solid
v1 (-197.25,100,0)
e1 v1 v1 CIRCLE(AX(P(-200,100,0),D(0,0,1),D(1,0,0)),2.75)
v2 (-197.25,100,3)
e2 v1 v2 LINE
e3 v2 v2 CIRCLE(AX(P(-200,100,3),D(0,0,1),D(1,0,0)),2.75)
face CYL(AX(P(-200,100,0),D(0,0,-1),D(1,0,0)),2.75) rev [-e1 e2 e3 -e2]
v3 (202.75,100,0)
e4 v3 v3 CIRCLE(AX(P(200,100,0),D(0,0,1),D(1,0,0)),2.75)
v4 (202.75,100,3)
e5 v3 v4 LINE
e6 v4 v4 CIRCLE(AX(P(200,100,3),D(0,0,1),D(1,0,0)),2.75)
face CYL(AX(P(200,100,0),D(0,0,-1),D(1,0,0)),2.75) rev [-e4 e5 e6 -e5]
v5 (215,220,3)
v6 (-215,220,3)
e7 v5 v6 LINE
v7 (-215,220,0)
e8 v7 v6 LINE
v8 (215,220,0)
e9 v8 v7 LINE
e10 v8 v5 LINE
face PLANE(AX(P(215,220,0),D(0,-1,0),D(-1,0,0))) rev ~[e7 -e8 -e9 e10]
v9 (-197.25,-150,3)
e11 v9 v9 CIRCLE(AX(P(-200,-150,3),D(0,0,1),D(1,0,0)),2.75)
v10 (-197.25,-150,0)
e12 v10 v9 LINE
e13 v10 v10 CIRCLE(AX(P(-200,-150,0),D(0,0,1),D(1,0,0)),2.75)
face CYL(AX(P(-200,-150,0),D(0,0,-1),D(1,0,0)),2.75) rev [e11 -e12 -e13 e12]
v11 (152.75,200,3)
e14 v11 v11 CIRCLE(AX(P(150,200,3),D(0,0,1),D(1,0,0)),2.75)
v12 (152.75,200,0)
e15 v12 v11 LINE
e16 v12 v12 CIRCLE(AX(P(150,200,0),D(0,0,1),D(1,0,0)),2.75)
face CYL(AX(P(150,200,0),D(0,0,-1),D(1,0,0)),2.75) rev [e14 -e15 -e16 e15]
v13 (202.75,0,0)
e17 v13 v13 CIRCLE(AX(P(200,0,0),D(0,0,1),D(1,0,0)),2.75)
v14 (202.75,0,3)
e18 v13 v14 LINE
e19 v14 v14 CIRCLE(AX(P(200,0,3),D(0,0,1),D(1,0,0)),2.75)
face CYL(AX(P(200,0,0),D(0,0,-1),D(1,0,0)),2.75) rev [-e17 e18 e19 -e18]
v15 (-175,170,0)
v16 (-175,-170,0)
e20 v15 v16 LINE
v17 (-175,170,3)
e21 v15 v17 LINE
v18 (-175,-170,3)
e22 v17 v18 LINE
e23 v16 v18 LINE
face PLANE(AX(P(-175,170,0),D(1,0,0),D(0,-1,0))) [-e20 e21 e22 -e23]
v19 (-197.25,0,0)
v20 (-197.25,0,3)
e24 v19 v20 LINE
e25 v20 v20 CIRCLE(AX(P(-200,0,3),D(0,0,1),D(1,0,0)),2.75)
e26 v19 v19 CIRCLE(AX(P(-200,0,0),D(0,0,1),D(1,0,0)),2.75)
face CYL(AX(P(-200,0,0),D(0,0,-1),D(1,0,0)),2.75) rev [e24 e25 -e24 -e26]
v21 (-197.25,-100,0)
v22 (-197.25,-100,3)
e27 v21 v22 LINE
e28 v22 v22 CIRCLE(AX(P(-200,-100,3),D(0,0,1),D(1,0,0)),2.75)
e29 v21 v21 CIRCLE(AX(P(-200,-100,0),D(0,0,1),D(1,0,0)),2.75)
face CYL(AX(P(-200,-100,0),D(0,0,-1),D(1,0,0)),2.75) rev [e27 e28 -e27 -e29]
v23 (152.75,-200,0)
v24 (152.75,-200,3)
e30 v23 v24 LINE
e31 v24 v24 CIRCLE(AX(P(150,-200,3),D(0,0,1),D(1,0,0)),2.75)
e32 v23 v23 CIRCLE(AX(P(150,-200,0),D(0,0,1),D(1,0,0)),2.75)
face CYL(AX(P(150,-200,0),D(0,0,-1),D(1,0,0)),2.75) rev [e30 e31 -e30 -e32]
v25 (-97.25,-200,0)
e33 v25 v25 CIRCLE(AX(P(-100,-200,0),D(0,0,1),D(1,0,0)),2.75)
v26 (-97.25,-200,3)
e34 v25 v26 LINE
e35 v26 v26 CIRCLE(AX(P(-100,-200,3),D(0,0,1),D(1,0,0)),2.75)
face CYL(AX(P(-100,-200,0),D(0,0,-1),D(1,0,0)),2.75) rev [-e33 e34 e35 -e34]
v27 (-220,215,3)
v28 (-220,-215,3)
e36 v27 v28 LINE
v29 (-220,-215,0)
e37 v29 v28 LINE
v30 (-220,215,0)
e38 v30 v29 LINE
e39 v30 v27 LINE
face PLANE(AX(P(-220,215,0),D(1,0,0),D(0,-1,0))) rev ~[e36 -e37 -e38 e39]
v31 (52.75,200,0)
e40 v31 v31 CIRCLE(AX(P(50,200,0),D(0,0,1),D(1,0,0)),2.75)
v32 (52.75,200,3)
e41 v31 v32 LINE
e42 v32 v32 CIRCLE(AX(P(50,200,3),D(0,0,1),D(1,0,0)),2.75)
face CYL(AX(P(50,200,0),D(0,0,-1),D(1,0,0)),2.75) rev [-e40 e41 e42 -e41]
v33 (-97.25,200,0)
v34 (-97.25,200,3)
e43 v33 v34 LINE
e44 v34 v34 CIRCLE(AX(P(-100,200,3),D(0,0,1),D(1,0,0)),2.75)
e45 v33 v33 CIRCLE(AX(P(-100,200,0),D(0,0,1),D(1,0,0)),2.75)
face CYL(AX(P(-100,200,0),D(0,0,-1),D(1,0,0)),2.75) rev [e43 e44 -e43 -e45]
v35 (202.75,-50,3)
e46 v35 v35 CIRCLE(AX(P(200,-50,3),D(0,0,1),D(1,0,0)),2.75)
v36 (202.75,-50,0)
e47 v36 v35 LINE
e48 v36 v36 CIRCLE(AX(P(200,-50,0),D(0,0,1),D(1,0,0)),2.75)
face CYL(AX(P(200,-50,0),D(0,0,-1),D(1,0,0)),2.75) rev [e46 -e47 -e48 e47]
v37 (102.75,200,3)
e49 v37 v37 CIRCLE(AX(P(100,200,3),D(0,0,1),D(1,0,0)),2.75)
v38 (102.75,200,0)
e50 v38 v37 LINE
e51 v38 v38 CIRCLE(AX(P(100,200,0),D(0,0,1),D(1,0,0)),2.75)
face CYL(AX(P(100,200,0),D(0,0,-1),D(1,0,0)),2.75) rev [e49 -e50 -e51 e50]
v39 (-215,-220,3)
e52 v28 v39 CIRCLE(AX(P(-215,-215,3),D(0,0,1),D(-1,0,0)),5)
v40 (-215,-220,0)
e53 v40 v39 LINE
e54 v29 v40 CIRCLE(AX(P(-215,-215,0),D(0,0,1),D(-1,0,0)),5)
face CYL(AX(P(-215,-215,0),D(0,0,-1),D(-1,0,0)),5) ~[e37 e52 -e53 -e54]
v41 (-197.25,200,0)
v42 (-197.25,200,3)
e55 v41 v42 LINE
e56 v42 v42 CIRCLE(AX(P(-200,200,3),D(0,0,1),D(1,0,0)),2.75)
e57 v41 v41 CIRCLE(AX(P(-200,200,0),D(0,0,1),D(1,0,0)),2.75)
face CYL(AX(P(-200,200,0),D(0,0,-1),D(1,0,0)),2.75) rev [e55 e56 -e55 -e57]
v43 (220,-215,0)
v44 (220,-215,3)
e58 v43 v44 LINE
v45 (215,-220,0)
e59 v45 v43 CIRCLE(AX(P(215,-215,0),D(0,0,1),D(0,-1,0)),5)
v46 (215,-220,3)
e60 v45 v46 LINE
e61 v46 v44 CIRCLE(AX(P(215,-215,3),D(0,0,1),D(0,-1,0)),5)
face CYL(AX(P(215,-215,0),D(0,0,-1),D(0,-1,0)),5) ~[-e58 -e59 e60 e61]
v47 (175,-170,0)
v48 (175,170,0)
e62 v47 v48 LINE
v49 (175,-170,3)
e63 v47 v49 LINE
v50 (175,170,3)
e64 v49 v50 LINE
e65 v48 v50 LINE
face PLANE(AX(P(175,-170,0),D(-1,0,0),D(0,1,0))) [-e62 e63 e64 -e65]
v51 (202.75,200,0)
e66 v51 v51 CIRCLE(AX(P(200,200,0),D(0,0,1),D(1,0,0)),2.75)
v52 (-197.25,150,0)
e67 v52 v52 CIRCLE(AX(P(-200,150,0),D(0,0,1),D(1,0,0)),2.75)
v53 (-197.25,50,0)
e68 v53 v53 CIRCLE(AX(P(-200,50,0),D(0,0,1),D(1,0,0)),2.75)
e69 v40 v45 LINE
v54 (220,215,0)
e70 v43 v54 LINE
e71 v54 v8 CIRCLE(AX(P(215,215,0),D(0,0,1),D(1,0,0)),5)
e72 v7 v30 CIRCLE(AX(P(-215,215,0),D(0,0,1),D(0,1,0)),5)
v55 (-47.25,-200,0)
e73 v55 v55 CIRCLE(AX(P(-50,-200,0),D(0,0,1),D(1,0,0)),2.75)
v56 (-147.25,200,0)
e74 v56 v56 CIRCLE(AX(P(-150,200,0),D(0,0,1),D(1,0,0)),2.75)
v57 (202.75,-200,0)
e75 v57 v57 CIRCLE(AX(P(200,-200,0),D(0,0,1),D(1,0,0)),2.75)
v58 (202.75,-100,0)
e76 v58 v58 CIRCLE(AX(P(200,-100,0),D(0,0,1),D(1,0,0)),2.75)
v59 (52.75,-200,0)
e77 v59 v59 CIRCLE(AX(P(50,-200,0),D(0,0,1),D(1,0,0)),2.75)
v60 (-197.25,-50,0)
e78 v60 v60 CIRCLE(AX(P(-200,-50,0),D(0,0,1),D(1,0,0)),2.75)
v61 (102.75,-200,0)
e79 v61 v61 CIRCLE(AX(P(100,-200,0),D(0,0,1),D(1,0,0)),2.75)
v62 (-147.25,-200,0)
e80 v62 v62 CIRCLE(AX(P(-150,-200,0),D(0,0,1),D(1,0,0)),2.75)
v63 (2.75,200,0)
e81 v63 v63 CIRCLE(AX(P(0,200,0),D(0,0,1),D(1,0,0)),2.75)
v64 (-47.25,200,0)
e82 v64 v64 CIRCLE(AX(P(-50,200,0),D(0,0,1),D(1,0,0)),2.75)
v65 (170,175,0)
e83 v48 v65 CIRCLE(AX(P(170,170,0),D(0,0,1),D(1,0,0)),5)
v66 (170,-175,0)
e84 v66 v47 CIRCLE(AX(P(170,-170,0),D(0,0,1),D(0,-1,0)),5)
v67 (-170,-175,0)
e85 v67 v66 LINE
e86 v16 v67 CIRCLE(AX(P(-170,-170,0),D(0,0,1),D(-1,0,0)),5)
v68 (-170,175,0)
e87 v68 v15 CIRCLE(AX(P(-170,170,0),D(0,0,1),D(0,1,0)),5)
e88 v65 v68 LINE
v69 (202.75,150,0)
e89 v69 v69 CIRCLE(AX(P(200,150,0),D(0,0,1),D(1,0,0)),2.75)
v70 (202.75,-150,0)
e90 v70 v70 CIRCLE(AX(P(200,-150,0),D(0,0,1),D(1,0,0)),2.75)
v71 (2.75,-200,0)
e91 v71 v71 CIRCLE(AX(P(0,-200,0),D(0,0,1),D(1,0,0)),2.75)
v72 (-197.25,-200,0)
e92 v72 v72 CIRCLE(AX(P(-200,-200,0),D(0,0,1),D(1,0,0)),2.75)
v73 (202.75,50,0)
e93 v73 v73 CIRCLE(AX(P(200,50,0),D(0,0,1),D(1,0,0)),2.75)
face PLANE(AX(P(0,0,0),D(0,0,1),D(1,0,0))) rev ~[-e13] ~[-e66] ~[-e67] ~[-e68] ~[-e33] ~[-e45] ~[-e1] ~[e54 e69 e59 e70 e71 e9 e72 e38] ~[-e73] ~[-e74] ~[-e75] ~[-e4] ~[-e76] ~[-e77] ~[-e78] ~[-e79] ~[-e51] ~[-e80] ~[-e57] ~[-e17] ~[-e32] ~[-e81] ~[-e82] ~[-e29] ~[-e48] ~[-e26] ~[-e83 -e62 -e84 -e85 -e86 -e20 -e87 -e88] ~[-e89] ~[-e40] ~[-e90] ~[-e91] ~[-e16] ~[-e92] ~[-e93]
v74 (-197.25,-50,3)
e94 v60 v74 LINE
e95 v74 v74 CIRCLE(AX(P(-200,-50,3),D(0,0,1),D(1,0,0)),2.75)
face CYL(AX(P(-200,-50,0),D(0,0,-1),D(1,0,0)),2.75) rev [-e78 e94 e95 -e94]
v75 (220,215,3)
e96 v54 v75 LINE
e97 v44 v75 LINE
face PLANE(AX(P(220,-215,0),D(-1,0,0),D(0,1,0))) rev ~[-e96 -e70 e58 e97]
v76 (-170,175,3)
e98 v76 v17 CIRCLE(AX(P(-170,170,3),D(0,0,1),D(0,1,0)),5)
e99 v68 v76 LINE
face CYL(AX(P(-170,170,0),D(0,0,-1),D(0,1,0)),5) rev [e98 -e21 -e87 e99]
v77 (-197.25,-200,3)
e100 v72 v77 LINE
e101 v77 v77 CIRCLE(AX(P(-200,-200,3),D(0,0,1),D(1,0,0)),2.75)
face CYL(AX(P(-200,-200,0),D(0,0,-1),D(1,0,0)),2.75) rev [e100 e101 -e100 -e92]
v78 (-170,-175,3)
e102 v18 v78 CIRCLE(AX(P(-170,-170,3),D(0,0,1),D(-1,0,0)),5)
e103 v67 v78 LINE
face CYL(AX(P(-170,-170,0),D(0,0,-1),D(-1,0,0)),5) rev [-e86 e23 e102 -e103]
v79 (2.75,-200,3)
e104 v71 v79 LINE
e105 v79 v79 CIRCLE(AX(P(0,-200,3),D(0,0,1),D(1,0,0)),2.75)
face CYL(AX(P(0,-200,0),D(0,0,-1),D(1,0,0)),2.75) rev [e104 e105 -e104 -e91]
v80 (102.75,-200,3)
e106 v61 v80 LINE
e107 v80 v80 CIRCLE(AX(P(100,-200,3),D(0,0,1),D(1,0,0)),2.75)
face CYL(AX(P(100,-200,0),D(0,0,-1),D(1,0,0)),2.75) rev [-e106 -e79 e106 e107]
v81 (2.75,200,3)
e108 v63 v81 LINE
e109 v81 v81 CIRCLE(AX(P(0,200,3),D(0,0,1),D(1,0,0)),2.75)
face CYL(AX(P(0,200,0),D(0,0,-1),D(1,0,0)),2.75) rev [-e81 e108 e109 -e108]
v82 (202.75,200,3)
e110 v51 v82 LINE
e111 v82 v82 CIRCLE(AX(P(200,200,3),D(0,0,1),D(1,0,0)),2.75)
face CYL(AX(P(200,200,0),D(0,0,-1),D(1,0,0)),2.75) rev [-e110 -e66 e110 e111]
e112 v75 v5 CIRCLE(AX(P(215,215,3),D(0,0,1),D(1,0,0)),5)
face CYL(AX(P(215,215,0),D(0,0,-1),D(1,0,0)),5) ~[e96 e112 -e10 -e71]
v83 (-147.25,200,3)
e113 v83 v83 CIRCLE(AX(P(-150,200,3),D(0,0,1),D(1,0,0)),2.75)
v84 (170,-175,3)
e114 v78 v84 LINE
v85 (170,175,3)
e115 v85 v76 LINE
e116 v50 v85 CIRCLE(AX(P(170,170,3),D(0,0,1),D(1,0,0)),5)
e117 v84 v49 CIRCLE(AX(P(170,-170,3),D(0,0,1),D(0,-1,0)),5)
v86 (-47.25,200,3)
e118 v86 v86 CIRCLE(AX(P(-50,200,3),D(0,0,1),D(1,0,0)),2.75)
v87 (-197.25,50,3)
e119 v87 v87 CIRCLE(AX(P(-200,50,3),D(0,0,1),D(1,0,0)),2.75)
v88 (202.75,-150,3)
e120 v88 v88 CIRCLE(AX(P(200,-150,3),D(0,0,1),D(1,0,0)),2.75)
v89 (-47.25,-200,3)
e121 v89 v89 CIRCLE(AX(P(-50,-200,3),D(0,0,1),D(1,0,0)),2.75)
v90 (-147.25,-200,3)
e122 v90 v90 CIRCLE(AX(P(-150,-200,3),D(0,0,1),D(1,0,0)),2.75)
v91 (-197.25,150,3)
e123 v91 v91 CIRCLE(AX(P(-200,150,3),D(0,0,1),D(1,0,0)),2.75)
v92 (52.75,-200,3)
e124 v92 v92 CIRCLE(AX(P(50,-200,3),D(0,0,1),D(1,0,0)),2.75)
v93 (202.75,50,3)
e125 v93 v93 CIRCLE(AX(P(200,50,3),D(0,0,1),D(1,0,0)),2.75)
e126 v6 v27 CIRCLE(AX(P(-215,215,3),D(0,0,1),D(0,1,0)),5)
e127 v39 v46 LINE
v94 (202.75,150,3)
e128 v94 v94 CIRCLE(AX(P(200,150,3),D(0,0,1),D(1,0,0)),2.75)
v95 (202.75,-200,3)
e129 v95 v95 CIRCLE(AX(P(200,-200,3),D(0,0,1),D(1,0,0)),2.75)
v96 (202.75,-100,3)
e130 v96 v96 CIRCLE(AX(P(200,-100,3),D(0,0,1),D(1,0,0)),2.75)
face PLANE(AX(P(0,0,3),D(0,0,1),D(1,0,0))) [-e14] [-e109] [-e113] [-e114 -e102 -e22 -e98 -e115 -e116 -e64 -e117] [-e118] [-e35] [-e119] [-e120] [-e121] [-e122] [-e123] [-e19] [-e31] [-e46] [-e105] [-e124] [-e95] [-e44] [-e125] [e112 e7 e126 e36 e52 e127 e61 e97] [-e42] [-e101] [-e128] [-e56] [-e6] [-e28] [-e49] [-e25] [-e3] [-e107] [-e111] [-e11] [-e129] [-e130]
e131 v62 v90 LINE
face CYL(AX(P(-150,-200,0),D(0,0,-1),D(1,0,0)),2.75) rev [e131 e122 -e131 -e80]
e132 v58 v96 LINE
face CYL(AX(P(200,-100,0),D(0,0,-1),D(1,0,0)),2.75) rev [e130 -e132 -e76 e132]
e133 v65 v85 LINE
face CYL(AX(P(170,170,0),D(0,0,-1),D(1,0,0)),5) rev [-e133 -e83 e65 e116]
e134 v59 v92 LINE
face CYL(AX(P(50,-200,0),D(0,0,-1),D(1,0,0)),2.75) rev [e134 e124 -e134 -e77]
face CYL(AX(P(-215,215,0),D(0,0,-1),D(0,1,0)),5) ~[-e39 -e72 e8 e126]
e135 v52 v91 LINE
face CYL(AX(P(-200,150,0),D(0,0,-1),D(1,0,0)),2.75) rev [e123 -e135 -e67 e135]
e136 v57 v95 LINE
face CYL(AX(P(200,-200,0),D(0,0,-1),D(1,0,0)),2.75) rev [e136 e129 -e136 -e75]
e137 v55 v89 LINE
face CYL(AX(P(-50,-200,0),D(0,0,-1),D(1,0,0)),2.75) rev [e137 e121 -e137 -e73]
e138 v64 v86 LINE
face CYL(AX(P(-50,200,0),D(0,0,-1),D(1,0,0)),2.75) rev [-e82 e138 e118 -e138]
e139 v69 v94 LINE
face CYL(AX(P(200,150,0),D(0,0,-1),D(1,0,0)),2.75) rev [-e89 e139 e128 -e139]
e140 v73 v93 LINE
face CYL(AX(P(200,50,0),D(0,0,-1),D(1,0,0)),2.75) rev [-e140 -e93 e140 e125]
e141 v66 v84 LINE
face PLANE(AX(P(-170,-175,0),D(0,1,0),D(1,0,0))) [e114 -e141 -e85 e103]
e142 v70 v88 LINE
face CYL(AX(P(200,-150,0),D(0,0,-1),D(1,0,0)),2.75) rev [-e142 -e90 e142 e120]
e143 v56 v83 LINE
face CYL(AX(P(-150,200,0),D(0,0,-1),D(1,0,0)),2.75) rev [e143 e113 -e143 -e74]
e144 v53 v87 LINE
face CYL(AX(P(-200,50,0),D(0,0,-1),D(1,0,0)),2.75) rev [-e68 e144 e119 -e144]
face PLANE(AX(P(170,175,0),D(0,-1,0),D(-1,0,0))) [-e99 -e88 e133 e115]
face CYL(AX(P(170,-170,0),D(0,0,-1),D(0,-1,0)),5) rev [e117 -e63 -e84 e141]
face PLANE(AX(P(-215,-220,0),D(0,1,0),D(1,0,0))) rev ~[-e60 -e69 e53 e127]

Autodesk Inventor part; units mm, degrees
ref_plane "YZ Plane" through (0, 0, 0) normal (1, 0, 0) x (0, 1, 0)
ref_plane "XZ Plane" through (0, 0, 0) normal (0, 1, 0) x (-1, 0, 0)
ref_plane "XY Plane" through (0, 0, 0) normal (0, 0, 1) x (1, 0, 0)
sketch "Sketch1" plane through (0, 0, 0) normal (0, 0, 1) x (1, 0, 0)
  line L0 (-215, -220) -> (215, -220)
  line L1 (220, -215) -> (220, 215)
  line L2 (215, 220) -> (-215, 220)
  line L3 (-220, 215) -> (-220, -215)
  line L4 (-220, -220) -> (220, 220) construction
  line L5 (220, -220) -> (-220, 220) construction
  line L6 (-170, -175) -> (170, -175)
  line L7 (175, -170) -> (175, 170)
  line L8 (170, 175) -> (-170, 175)
  line L9 (-175, 170) -> (-175, -170)
  line L10 (-175, -175) -> (175, 175) construction
  line L11 (175, -175) -> (-175, 175) construction
  arc A0 (-173, 175) -> (-175, 173) centre (-173, 173) ccw
  arc A1 (-170, 175) -> (-175, 170) centre (-170, 170) ccw
  arc A2 (175, 170) -> (170, 175) centre (170, 170) ccw
  arc A3 (170, -175) -> (175, -170) centre (170, -170) ccw
  arc A4 (-175, -170) -> (-170, -175) centre (-170, -170) ccw
  arc A5 (-220, -215) -> (-215, -220) centre (-215, -215) ccw
  arc A6 (215, -220) -> (220, -215) centre (215, -215) ccw
  arc A7 (220, 215) -> (215, 220) centre (215, 215) ccw
  arc A8 (-215, 220) -> (-220, 215) centre (-215, 215) ccw
  line L12 (-200, -200) -> (-200, 200) construction
  line L13 (-200, 200) -> (200, 200) construction
  line L14 (200, 200) -> (200, -200) construction
  line L15 (200, -200) -> (-200, -200) construction
  circle A9 centre (-200, 200) radius 2.75
  circle A10 centre (-150, 200) radius 2.75
  circle A11 centre (-100, 200) radius 2.75
  circle A12 centre (-50, 200) radius 2.75
  circle A13 centre (0, 200) radius 2.75
  circle A14 centre (50, 200) radius 2.75
  circle A15 centre (100, 200) radius 2.75
  circle A16 centre (150, 200) radius 2.75
  circle A17 centre (200, 200) radius 2.75
  circle A18 centre (200, 150) radius 2.75
  circle A19 centre (200, 100) radius 2.75
  circle A20 centre (200, 50) radius 2.75
  circle A21 centre (200, 0) radius 2.75
  circle A22 centre (200, -50) radius 2.75
  circle A23 centre (200, -100) radius 2.75
  circle A24 centre (200, -150) radius 2.75
  circle A25 centre (200, -200) radius 2.75
  circle A26 centre (150, -200) radius 2.75
  circle A27 centre (100, -200) radius 2.75
  circle A28 centre (50, -200) radius 2.75
  circle A29 centre (0, -200) radius 2.75
  circle A30 centre (-50, -200) radius 2.75
  circle A31 centre (-100, -200) radius 2.75
  circle A32 centre (-150, -200) radius 2.75
  circle A33 centre (-200, -200) radius 2.75
  circle A34 centre (-200, -150) radius 2.75
  circle A35 centre (-200, -100) radius 2.75
  circle A36 centre (-200, -50) radius 2.75
  circle A37 centre (-200, 0) radius 2.75
  circle A38 centre (-200, 50) radius 2.75
  circle A39 centre (-200, 100) radius 2.75
  circle A40 centre (-200, 150) radius 2.75
  point P0 (0, 0)
  dimension "d0" = 440
  dimension "d1" = 440
  dimension "d2" = 350
  dimension "d3" = 350
  dimension "d4" = 2
  dimension "d5" = 5
  dimension "d6" = 5
  dimension "d7" = 5
  dimension "d8" = 5
  dimension "d9" = 5
  dimension "d10" = 5
  dimension "d11" = 5
  dimension "d12" = 5
  dimension "d13" = 20
  dimension "d14" = 5.5
  dimension "d91" = 50
  dimension "d98" = 50
  dimension "d105" = 50
  dimension "d112" = 50
extrude "Extrusion3" add sketch "Sketch1" along normal blind 3
properties part number "H3NE-SF"
